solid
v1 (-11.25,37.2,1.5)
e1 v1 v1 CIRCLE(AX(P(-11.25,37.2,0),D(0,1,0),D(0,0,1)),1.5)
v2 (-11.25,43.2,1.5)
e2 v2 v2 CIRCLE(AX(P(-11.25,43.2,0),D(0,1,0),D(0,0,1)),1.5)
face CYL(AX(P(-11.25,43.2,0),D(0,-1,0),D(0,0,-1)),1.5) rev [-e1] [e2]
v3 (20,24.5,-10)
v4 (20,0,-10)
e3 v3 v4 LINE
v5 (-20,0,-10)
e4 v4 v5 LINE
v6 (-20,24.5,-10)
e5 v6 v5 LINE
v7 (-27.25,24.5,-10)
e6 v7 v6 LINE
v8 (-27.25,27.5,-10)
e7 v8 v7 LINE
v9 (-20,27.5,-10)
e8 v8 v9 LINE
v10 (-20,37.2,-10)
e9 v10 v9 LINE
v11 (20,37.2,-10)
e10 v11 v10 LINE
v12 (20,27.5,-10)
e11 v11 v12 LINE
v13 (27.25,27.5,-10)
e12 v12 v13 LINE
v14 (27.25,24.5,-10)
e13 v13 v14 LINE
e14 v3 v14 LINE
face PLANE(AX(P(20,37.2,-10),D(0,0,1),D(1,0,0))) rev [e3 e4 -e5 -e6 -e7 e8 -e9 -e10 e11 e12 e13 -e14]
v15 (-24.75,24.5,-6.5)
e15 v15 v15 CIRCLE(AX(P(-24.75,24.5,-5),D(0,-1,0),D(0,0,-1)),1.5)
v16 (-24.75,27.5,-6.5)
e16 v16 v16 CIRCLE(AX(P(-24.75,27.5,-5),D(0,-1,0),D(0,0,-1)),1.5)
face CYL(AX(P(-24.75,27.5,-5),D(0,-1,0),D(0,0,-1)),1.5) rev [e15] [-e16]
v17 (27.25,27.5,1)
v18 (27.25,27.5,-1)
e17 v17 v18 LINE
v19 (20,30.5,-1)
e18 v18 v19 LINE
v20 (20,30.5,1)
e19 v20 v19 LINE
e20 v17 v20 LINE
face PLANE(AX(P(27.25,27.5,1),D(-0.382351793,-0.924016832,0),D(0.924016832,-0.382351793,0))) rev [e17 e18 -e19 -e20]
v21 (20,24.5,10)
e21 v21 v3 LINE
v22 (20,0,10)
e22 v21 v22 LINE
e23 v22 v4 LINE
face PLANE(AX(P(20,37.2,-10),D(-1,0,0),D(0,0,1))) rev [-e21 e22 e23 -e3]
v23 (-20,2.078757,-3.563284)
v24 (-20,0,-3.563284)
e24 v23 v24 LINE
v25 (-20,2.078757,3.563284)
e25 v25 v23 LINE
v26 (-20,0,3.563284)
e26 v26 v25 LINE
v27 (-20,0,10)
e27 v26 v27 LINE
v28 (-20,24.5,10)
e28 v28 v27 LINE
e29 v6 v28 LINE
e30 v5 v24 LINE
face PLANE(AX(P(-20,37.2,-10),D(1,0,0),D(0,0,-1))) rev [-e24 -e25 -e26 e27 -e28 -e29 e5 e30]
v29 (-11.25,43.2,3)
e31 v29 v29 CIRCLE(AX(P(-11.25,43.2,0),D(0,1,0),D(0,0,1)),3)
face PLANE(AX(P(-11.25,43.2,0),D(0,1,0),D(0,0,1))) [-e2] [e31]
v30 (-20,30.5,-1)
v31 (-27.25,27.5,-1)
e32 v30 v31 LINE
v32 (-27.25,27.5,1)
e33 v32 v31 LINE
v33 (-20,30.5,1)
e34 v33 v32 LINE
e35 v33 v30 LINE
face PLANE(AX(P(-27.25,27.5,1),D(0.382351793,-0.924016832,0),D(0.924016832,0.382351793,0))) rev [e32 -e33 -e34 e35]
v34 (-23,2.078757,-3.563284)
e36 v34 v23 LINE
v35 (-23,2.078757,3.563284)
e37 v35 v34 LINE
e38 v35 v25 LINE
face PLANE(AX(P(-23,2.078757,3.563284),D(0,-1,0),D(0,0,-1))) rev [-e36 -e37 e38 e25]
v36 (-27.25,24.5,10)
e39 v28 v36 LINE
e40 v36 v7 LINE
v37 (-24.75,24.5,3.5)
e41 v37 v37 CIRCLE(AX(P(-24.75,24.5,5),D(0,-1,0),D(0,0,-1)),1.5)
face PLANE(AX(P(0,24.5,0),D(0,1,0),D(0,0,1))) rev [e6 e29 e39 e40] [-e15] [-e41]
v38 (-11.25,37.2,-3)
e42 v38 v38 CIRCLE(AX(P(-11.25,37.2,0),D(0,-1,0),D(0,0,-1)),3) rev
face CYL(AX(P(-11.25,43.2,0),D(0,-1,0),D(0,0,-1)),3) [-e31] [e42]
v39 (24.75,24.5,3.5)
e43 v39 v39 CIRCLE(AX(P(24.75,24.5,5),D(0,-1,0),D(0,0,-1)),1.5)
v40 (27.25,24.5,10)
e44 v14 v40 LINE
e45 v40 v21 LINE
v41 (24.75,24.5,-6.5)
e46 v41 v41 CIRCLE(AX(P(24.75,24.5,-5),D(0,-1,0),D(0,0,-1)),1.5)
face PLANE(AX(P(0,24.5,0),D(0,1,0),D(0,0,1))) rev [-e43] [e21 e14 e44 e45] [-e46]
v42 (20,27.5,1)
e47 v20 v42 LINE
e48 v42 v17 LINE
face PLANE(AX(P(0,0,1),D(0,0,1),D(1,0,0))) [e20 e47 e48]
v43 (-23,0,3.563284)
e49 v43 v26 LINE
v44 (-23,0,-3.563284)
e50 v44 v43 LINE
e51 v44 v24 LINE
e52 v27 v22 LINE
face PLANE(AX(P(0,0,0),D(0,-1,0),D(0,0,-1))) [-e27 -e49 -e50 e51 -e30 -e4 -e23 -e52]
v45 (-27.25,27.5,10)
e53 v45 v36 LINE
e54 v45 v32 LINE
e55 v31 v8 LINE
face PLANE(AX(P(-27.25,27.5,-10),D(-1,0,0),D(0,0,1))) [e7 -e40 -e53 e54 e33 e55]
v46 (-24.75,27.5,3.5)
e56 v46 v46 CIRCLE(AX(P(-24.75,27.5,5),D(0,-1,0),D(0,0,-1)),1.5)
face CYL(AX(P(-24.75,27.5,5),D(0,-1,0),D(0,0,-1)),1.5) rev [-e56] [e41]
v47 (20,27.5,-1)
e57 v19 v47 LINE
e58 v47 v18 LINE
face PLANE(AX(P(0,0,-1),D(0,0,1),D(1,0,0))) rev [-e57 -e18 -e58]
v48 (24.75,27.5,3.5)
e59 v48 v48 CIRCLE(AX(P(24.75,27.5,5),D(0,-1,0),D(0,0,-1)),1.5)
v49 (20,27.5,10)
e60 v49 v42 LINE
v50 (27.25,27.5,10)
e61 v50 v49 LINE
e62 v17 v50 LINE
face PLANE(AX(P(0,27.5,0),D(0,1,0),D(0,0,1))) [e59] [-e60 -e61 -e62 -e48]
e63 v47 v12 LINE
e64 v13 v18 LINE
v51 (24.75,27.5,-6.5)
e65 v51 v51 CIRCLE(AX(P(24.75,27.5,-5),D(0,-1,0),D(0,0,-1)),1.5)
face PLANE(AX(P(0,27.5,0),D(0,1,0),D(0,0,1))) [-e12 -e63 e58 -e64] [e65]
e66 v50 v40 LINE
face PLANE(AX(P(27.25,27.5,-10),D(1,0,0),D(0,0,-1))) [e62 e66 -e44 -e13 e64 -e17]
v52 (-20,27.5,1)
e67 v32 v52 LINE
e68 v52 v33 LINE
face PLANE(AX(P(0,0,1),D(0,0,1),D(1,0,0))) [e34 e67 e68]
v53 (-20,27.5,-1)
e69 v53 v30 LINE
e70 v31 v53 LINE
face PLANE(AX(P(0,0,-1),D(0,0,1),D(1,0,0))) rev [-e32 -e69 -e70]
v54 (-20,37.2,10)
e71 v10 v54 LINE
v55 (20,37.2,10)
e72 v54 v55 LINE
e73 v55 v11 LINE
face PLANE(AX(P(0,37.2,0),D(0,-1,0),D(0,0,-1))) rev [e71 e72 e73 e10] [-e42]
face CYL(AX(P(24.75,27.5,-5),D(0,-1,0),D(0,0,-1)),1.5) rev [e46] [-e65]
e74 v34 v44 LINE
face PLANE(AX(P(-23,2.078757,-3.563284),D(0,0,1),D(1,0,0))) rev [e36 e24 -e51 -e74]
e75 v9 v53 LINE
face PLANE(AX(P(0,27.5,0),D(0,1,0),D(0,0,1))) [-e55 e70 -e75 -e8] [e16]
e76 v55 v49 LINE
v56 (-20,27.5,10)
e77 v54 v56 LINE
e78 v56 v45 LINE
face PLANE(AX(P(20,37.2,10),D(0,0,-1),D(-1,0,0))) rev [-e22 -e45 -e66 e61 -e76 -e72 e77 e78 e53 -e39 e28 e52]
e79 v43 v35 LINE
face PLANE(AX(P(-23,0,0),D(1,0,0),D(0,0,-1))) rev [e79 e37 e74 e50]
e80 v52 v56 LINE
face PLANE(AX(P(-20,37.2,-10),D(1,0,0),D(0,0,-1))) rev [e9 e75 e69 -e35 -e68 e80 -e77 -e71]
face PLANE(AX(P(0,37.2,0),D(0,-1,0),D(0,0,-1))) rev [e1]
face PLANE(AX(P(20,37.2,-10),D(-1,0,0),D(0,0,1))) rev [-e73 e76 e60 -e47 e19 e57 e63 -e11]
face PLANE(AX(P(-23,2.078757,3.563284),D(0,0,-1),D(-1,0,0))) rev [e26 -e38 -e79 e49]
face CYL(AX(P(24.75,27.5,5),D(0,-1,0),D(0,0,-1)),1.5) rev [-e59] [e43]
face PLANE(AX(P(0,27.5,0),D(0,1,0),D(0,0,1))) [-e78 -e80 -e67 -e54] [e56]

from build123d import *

# Parameters (mm, degrees)
SKETCH_1_W      = 40
SKETCH_1_H      = 20
EXTRUDE_1_DEPTH = 37.2
SKETCH_2_W      = 54.5
SKETCH_2_H      = 20
SKETCH_2_R      = 1.5
EXTRUDE_2_DEPTH = 3
SKETCH_3_R      = 3
SKETCH_3_R_2    = 1.5
EXTRUDE_3_DEPTH = 6
SKETCH_4_W      = 7.126568636
SKETCH_4_H      = 2.078756753
EXTRUDE_4_DEPTH = 3
EXTRUDE_5_DEPTH = 1


with BuildPart() as part:
    # 草图1 → 凸台-拉伸1 (new body)
    with BuildSketch(Plane(origin=(0, 0, 0), x_dir=(1, 0, 0), z_dir=(0, 1, 0))):
        Rectangle(SKETCH_1_W, SKETCH_1_H)
    extrude(amount=EXTRUDE_1_DEPTH)

    # 草图2 → 凸台-拉伸2 (add)
    with BuildSketch(Plane(origin=(0, 24.5, 0), x_dir=(-1, 0, 0), z_dir=(0, -1, 0))):
        Rectangle(SKETCH_2_W, SKETCH_2_H)
        with Locations(Location((-24.75, 5, 0), (0, 0, 90))):
            Circle(SKETCH_2_R, mode=Mode.SUBTRACT)
        with Locations(Location((-24.75, -5, 0), (0, 0, 90))):
            Circle(SKETCH_2_R, mode=Mode.SUBTRACT)
        with Locations(Location((24.75, -5, 0), (0, 0, 90))):
            Circle(SKETCH_2_R, mode=Mode.SUBTRACT)
        with Locations(Location((24.75, 5, 0), (0, 0, 90))):
            Circle(SKETCH_2_R, mode=Mode.SUBTRACT)
    extrude(amount=-EXTRUDE_2_DEPTH)

    # 草图3 → 凸台-拉伸3 (add)
    with BuildSketch(Plane(origin=(0, 37.2, 0), x_dir=(1, 0, 0), z_dir=(0, 1, 0))):
        with Locations(Location((-11.25, 0, 0), (0, 0, 90))):
            Circle(SKETCH_3_R)
        with Locations(Location((-11.25, 0, 0), (0, 0, 270))):
            Circle(SKETCH_3_R_2, mode=Mode.SUBTRACT)
    extrude(amount=EXTRUDE_3_DEPTH)

    # 草图4 → 凸台-拉伸4 (add)
    with BuildSketch(Plane.ZY.offset(20)):
        with Locations((0, 1.039378376)):
            Rectangle(SKETCH_4_W, SKETCH_4_H)
    extrude(amount=EXTRUDE_4_DEPTH)

    # 草图5 → 凸台-拉伸5 (add, symmetric)
    with BuildSketch(Plane.XY):
        Polygon((-27.25, 27.5), (-20, 30.5), (-20, 27.5), align=None)
        Polygon((20, 27.5), (27.25, 27.5), (20, 30.5), align=None)
    extrude(amount=EXTRUDE_5_DEPTH, both=True)


solid = part.part
